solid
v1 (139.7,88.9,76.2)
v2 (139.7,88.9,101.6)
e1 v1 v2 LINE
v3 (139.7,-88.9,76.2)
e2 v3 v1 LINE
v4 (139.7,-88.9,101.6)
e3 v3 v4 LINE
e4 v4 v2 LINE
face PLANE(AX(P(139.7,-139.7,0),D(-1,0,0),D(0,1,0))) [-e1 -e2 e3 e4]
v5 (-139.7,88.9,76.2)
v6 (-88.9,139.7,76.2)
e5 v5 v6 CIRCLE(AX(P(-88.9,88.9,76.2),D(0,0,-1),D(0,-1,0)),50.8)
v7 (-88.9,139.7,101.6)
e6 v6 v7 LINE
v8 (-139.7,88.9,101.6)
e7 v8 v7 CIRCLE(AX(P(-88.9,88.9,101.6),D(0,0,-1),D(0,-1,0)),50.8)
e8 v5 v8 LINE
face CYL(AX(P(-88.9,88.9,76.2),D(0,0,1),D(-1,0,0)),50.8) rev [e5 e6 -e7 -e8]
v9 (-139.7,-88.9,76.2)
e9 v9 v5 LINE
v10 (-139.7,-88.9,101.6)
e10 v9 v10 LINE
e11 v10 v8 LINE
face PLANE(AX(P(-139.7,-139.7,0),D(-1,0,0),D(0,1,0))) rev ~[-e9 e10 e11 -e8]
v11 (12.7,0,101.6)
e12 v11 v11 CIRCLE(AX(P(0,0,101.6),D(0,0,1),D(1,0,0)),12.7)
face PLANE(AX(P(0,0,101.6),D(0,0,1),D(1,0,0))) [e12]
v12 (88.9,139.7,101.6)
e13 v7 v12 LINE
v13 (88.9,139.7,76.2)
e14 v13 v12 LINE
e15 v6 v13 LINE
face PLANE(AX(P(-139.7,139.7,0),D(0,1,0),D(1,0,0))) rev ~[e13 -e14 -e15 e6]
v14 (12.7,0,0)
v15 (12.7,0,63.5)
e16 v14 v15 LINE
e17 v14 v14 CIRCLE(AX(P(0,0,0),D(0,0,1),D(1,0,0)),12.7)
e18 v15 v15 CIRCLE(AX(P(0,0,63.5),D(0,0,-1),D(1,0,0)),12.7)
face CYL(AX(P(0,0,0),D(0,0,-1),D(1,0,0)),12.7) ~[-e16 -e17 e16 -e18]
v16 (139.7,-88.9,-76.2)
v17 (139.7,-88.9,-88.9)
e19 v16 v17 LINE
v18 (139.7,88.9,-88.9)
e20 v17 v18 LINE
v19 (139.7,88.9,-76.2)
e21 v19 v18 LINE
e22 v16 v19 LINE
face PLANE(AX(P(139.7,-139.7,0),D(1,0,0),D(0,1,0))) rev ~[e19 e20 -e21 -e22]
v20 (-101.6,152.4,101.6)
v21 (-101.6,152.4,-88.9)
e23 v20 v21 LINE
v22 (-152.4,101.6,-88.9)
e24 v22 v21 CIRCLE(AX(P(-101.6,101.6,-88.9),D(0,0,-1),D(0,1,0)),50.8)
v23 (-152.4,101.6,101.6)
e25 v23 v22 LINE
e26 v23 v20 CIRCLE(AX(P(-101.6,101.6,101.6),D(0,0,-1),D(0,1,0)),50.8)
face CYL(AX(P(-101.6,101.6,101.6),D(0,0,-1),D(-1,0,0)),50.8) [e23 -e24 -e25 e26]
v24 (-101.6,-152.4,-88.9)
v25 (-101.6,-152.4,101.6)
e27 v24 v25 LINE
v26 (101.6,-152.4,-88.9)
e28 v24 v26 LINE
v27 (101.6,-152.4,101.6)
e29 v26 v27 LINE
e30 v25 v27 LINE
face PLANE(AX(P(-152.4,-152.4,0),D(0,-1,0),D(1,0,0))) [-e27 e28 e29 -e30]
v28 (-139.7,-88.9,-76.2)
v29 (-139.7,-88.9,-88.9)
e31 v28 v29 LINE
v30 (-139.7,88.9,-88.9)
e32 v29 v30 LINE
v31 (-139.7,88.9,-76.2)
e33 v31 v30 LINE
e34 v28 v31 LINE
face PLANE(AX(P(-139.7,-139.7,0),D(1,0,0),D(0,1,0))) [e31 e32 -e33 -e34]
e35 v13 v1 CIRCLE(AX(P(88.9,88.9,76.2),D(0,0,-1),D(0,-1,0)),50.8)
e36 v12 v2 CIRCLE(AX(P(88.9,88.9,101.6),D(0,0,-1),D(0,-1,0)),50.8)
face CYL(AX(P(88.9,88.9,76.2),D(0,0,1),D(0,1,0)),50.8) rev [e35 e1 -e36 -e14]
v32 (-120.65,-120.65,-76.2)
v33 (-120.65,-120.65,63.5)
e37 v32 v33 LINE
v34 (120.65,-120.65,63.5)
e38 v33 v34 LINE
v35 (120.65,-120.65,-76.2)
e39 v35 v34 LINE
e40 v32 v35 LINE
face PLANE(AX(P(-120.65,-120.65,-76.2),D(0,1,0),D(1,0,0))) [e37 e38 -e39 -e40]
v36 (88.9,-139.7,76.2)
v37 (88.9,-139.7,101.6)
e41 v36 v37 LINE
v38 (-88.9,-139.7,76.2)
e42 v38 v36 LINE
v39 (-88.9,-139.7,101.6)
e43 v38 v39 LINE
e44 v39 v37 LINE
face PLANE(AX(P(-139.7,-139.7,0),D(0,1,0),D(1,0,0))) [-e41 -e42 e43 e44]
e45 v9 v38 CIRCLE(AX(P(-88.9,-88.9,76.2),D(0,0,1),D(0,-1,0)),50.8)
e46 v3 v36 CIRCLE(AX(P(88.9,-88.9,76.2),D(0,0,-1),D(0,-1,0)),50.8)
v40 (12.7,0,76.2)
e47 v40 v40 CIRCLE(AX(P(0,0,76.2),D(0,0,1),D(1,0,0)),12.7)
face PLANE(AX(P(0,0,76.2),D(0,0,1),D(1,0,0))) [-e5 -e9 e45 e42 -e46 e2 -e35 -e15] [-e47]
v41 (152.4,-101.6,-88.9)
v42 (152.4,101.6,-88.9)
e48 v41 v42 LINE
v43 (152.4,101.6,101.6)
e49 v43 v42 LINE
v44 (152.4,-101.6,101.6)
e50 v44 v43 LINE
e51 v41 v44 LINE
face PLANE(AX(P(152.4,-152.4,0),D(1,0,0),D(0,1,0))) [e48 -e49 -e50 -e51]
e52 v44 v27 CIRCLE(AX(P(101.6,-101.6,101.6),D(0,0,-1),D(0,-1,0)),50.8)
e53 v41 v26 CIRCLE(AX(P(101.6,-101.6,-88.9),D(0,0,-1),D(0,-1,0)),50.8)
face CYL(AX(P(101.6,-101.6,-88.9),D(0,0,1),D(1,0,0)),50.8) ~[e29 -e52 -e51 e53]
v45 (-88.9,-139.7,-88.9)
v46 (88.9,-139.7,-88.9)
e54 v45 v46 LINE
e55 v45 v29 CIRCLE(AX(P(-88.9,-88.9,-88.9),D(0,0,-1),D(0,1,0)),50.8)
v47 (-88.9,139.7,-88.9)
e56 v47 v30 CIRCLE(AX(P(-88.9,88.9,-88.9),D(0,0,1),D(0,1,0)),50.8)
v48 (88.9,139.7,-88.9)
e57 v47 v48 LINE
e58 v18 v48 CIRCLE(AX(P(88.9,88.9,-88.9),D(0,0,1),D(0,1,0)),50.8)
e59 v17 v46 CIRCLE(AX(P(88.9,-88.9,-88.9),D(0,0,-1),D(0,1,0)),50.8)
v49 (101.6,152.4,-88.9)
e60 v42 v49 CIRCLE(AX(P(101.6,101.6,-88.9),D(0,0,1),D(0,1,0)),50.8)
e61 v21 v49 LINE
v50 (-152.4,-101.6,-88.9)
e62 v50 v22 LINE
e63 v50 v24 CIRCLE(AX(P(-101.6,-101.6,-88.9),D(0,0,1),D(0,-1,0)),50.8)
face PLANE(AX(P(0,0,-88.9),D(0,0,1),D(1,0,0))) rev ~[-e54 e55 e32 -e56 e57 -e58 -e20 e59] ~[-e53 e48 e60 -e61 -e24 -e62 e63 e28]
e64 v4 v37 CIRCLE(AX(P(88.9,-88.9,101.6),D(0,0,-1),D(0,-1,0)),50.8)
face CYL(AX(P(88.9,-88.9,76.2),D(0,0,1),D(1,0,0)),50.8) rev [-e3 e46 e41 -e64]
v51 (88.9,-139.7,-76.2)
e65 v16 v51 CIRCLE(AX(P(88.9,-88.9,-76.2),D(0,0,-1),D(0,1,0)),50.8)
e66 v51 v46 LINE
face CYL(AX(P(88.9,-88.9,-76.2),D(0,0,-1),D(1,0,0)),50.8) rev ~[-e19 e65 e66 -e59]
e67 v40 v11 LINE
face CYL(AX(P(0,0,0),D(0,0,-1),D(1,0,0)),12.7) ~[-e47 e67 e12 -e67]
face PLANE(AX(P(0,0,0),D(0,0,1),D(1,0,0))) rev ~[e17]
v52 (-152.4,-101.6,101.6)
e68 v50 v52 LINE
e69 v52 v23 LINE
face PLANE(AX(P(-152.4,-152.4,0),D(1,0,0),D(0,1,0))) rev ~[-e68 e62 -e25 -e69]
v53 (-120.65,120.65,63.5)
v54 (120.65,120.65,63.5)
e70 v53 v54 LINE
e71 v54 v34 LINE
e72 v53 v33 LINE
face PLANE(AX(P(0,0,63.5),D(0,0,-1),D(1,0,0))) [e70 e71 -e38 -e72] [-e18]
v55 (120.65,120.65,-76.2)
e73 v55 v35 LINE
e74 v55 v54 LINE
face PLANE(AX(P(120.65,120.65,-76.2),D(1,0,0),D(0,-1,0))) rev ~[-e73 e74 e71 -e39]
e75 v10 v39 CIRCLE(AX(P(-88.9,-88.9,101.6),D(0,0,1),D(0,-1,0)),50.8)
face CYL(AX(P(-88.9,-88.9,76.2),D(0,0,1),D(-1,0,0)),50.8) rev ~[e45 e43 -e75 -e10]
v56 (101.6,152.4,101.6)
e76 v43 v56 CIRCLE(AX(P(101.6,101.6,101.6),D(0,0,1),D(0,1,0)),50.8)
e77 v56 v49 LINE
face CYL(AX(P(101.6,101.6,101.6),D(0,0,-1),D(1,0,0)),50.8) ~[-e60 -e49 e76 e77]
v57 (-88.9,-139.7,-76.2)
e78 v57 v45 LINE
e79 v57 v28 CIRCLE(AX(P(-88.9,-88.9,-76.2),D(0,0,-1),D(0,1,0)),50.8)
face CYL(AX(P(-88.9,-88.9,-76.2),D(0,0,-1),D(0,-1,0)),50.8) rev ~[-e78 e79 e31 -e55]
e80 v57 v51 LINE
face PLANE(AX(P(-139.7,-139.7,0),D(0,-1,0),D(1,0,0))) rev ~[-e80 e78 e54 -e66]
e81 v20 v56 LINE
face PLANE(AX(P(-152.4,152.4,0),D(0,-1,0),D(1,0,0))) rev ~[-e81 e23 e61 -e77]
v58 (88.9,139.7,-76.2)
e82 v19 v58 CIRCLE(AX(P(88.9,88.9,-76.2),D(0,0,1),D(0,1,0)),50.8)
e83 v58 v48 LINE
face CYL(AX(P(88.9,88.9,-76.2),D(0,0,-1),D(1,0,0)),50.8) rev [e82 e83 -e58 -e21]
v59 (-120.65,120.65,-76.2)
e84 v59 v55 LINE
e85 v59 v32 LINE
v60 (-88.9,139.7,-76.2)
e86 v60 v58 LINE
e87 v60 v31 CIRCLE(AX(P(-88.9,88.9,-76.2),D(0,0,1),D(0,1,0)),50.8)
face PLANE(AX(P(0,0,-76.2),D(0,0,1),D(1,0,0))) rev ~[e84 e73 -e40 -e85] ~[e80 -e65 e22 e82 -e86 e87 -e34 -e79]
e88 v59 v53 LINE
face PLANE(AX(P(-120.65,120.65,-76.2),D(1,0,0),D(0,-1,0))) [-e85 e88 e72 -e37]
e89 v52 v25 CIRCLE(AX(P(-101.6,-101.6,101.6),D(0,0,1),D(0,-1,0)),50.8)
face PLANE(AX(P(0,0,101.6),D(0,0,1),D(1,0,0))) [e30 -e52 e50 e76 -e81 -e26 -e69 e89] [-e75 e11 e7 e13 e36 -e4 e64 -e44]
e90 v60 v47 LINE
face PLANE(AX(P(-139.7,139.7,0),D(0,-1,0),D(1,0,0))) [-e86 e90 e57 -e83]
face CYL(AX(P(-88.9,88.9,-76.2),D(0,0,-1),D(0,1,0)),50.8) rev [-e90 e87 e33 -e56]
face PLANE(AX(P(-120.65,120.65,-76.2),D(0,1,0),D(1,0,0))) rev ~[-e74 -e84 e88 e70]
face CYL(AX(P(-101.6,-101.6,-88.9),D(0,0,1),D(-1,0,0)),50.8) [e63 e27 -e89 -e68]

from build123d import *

# Parameters (mm, degrees)
F0_W          = 279.4
F0_H          = 279.4
F0_R          = 12.7
F1_DEPTH      = 76.2
F0_W_2        = 304.8
F0_H_2        = 304.8
F2_DEPTH      = 101.6
F2_DEPTH_BACK = 88.9
F3_R          = 50.8
F4_W          = 241.3
F4_H          = 241.3
F5_DEPTH      = 139.7
F6_DEPTH      = 101.6


with BuildPart() as f1:
    # F0 (on Top) → F1 (new body, symmetric)
    with BuildSketch(Plane.XY):
        Rectangle(F0_W, F0_H)
        Circle(F0_R, mode=Mode.SUBTRACT)
    extrude(amount=F1_DEPTH, both=True)

    # F0 (on Top) → F2 (join, two sides)
    with BuildSketch(Plane.XY) as f2_sk:
        Rectangle(F0_W_2, F0_H_2)
        Rectangle(F0_W, F0_H, mode=Mode.SUBTRACT)
    extrude(amount=F2_DEPTH)
    extrude(f2_sk.sketch, amount=-F2_DEPTH_BACK)

    # F3
    f3_edges = [f1.edges().sort_by_distance(p)[0] for p in [
        (152.4, -152.4, 6.35),
        (152.4, 152.4, 6.35),
        (-152.4, 152.4, 6.35),
        (-152.4, -152.4, 6.35),
        (-139.7, -139.7, 88.9),
        (-139.7, -139.7, -82.55),
        (-139.7, 139.7, 88.9),
        (-139.7, 139.7, -82.55),
        (139.7, 139.7, 88.9),
        (139.7, 139.7, -82.55),
        (139.7, -139.7, 88.9),
        (139.7, -139.7, -82.55),
    ]]
    fillet(f3_edges, radius=F3_R)

    # F4 (on face) → F5 (cut)
    with BuildSketch(Plane(origin=(0, 0, -76.2), x_dir=(1, 0, 0), z_dir=(0, 0, -1))):
        Rectangle(F4_W, F4_H)
    extrude(amount=-F5_DEPTH, mode=Mode.SUBTRACT)

    # F0 (on Top) → F6 (join)
    with BuildSketch(Plane.XY):
        Circle(F0_R)
    extrude(amount=F6_DEPTH)


solid = f1.part
